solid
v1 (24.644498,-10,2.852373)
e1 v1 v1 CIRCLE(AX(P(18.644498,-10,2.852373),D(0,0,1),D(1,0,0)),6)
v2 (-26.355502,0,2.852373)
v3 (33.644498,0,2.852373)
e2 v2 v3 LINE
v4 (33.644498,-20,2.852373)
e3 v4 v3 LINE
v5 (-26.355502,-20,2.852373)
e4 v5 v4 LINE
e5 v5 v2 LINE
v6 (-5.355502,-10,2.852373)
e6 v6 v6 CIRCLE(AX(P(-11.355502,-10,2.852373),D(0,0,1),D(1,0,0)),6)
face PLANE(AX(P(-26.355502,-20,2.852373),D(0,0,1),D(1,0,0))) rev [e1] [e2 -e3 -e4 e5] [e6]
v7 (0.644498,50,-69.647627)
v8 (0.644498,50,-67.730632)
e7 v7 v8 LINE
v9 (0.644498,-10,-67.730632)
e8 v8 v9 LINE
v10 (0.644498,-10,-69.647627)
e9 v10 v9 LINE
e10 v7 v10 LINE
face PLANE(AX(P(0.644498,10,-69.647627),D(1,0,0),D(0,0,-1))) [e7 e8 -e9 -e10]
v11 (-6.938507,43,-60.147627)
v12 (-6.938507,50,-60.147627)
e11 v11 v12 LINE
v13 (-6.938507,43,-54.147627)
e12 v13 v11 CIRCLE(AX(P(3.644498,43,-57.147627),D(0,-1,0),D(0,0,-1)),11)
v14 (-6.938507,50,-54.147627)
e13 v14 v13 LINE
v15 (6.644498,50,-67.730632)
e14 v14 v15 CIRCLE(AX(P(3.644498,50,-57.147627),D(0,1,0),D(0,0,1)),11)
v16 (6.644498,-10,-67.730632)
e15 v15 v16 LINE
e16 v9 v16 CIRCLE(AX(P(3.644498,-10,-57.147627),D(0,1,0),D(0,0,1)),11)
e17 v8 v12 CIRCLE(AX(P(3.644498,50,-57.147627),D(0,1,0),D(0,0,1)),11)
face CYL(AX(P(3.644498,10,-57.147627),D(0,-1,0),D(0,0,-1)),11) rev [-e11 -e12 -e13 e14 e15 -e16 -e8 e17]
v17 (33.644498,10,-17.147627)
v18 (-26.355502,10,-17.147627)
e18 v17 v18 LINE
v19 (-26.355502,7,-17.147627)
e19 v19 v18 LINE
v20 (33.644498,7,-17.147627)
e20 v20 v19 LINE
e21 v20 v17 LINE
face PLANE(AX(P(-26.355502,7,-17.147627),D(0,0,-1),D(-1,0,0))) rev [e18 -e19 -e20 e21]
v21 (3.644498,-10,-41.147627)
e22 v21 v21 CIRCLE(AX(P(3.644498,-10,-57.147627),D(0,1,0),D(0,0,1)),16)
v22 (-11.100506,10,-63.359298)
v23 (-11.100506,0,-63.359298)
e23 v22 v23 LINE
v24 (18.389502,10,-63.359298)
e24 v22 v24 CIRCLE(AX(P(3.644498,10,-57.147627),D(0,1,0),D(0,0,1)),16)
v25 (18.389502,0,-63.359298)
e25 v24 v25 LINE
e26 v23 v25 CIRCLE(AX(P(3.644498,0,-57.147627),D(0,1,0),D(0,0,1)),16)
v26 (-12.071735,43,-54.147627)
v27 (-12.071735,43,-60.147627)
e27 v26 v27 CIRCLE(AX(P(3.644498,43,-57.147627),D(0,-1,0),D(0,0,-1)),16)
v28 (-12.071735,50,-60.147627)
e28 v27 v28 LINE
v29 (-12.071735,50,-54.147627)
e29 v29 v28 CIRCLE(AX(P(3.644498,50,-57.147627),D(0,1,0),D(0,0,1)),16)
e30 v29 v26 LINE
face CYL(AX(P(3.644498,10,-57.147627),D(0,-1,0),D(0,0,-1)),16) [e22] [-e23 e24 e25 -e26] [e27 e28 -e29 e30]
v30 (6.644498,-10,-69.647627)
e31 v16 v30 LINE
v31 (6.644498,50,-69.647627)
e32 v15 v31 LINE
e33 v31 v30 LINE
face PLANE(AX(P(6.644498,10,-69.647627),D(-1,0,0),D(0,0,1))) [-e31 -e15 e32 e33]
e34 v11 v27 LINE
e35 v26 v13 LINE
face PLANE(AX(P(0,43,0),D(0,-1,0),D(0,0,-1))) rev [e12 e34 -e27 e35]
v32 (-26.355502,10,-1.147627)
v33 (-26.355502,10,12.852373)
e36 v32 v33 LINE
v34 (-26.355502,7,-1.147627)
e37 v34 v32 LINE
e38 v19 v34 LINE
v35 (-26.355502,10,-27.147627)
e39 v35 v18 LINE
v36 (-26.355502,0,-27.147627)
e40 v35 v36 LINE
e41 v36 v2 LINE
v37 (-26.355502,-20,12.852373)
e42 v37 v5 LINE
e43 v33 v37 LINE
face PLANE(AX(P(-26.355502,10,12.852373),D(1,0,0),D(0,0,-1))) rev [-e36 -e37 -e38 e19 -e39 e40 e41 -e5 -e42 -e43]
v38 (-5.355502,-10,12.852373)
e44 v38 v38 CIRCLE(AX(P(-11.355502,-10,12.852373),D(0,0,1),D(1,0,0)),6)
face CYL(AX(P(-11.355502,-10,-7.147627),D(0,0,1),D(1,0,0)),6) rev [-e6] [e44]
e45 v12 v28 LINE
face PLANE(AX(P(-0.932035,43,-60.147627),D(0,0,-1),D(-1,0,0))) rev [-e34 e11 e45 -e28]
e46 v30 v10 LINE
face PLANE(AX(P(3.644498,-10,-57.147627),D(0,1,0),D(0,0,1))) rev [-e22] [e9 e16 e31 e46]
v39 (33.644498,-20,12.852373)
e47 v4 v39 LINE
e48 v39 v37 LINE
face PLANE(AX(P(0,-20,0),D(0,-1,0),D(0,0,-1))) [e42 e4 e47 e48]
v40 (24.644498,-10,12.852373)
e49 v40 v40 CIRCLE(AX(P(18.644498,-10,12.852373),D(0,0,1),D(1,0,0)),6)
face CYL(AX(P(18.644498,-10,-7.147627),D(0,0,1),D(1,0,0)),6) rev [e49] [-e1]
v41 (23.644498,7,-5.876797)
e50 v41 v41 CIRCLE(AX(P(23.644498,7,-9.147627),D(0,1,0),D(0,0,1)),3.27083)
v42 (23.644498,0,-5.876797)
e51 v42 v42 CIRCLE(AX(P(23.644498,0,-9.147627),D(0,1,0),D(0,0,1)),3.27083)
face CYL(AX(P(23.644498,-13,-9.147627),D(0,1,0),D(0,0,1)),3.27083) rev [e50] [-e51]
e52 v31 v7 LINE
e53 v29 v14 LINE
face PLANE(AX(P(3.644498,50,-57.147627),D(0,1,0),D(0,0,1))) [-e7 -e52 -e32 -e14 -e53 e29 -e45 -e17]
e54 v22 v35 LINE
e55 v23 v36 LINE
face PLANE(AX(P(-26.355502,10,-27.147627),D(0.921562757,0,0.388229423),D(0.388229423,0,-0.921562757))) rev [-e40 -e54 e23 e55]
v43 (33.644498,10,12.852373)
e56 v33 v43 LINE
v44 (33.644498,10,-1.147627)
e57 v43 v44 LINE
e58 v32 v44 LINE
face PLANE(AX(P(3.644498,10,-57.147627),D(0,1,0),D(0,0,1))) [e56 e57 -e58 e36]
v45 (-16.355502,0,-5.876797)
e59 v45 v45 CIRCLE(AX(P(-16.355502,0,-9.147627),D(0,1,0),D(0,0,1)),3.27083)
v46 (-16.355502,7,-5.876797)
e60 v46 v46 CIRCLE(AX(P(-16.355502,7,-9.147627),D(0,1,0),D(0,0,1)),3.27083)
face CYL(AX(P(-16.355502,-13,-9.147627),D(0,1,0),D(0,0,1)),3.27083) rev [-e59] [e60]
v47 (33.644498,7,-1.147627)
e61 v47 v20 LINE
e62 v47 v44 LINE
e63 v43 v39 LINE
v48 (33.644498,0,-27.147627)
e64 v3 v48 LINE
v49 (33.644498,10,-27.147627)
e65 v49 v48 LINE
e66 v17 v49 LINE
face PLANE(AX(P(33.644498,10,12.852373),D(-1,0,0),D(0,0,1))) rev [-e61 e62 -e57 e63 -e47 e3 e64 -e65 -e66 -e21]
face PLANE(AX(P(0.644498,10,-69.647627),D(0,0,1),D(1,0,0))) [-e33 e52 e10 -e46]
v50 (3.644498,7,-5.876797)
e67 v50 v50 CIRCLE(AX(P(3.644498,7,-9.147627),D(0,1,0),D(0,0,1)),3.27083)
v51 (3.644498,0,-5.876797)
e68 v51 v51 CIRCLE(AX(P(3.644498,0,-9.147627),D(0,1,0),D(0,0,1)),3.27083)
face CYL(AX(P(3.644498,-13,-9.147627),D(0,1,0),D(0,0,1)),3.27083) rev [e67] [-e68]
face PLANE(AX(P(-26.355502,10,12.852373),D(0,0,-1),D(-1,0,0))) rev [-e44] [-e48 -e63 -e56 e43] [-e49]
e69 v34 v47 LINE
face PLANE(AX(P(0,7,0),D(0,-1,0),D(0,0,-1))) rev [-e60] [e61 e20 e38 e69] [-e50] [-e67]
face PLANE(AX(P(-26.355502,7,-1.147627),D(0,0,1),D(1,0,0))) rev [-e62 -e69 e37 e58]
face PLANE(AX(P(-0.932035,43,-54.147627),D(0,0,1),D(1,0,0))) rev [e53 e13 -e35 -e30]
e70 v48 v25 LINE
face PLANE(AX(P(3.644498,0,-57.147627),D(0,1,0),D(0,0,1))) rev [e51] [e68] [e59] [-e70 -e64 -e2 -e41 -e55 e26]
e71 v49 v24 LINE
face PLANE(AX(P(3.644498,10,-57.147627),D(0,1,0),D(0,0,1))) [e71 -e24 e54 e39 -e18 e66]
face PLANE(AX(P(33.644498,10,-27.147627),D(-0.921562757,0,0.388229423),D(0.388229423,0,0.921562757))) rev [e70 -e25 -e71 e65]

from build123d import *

# Parameters (mm, degrees)
BOSS_EXTRUDE1_DEPTH      = 10
SKETCH3_W                = 60
SKETCH3_H                = 10
BOSS_EXTRUDE2_DEPTH      = 20
SKETCH4_R                = 6
CUT_EXTRUDE1_DEPTH       = 20
SKETCH5_W                = 60
SKETCH5_H                = 16
CUT_EXTRUDE2_DEPTH       = 3
SKETCH6_R                = 3.270829893
CUT_EXTRUDE3_DEPTH       = 20
BOSS_EXTRUDE4_DEPTH      = 40
BOSS_EXTRUDE4_DEPTH_BACK = 20
SKETCH7_R                = 16
SKETCH10_W               = 12.846934043
SKETCH10_H               = 6
CUT_EXTRUDE4_DEPTH       = 7


with BuildPart() as part:
    # Sketch2 → Boss-Extrude1 (new body)
    with BuildSketch(Plane(origin=(0, 0, 0), x_dir=(1, 0, 0), z_dir=(0, 1, 0))):
        with BuildLine():
            Line((-26.355501721, -12.852372891), (33.644498279, -12.852372891))
            Line((33.644498279, -12.852372891), (33.644498279, 27.147627109))
            Line((33.644498279, 27.147627109), (18.389502388, 63.359297885))
            ThreePointArc((18.389502388, 63.359297885), (3.644498279, 73.147627109), (-11.10050583, 63.359297885))
            Line((-11.10050583, 63.359297885), (-26.355501721, 27.147627109))
            Line((-26.355501721, 27.147627109), (-26.355501721, -12.852372891))
        make_face()
        with BuildLine():
            Line((0.644498279, 69.647627109), (6.644498279, 69.647627109))
            Line((6.644498279, 69.647627109), (6.644498279, 67.730632354))
            ThreePointArc((6.644498279, 67.730632354), (3.644498279, 46.147627109), (0.644498279, 67.730632354))
            Line((0.644498279, 67.730632354), (0.644498279, 69.647627109))
        make_face(mode=Mode.SUBTRACT)
    extrude(amount=BOSS_EXTRUDE1_DEPTH)

    # Sketch3 → Boss-Extrude2 (add)
    with BuildSketch(Plane.XZ):
        with Locations((3.644498279, 7.852372891)):
            Rectangle(SKETCH3_W, SKETCH3_H)
    extrude(amount=BOSS_EXTRUDE2_DEPTH)

    # Sketch4 → Cut-Extrude1 (cut)
    with BuildSketch(Plane.XY.offset(12.852372891)):
        with Locations((-11.355501721, -10)):
            Circle(SKETCH4_R)
        with Locations((18.644498279, -10)):
            Circle(SKETCH4_R)
    extrude(amount=-CUT_EXTRUDE1_DEPTH, mode=Mode.SUBTRACT)

    # Sketch5 → Cut-Extrude2 (cut)
    with BuildSketch(Plane(origin=(0, 10, 0), x_dir=(1, 0, 0), z_dir=(0, 1, 0))):
        with Locations((3.644498279, 9.147627109)):
            Rectangle(SKETCH5_W, SKETCH5_H)
    extrude(amount=-CUT_EXTRUDE2_DEPTH, mode=Mode.SUBTRACT)

    # Sketch6 → Cut-Extrude3 (cut)
    with BuildSketch(Plane(origin=(0, 7, 0), x_dir=(1, 0, 0), z_dir=(0, 1, 0))):
        with Locations(Location((-16.355501721, 9.147627109, 0), (0, 0, 270))):
            Circle(SKETCH6_R)
        with Locations(Location((3.644498279, 9.147627109, 0), (0, 0, 270))):
            Circle(SKETCH6_R)
        with Locations(Location((23.644498279, 9.147627109, 0), (0, 0, 270))):
            Circle(SKETCH6_R)
    extrude(amount=-CUT_EXTRUDE3_DEPTH, mode=Mode.SUBTRACT)

    # Sketch7 → Boss-Extrude4 (add, two sides: drawn at the far end of the back side and taken through both)
    with BuildSketch(Plane(origin=(0, 10, 0), x_dir=(1, 0, 0), z_dir=(0, 1, 0)).offset(-BOSS_EXTRUDE4_DEPTH_BACK)):
        with Locations(Location((3.644498279, 57.147627109, 0), (0, 0, 270))):
            Circle(SKETCH7_R)
        with BuildLine():
            Line((6.644498279, 67.730632354), (6.644498279, 69.647627109))
            Line((6.644498279, 69.647627109), (0.644498279, 69.647627109))
            Line((0.644498279, 69.647627109), (0.644498279, 67.730632354))
            ThreePointArc((0.644498279, 67.730632354), (3.644498279, 46.147627109), (6.644498279, 67.730632354))
        make_face(mode=Mode.SUBTRACT)
    extrude(amount=BOSS_EXTRUDE4_DEPTH + BOSS_EXTRUDE4_DEPTH_BACK)

    # Sketch10 → Cut-Extrude4 (cut)
    with BuildSketch(Plane(origin=(0, 50, 0), x_dir=(1, 0, 0), z_dir=(0, 1, 0))):
        with Locations((-7.355501722, 57.147627109)):
            Rectangle(SKETCH10_W, SKETCH10_H)
    extrude(amount=-CUT_EXTRUDE4_DEPTH, mode=Mode.SUBTRACT)


solid = part.part
